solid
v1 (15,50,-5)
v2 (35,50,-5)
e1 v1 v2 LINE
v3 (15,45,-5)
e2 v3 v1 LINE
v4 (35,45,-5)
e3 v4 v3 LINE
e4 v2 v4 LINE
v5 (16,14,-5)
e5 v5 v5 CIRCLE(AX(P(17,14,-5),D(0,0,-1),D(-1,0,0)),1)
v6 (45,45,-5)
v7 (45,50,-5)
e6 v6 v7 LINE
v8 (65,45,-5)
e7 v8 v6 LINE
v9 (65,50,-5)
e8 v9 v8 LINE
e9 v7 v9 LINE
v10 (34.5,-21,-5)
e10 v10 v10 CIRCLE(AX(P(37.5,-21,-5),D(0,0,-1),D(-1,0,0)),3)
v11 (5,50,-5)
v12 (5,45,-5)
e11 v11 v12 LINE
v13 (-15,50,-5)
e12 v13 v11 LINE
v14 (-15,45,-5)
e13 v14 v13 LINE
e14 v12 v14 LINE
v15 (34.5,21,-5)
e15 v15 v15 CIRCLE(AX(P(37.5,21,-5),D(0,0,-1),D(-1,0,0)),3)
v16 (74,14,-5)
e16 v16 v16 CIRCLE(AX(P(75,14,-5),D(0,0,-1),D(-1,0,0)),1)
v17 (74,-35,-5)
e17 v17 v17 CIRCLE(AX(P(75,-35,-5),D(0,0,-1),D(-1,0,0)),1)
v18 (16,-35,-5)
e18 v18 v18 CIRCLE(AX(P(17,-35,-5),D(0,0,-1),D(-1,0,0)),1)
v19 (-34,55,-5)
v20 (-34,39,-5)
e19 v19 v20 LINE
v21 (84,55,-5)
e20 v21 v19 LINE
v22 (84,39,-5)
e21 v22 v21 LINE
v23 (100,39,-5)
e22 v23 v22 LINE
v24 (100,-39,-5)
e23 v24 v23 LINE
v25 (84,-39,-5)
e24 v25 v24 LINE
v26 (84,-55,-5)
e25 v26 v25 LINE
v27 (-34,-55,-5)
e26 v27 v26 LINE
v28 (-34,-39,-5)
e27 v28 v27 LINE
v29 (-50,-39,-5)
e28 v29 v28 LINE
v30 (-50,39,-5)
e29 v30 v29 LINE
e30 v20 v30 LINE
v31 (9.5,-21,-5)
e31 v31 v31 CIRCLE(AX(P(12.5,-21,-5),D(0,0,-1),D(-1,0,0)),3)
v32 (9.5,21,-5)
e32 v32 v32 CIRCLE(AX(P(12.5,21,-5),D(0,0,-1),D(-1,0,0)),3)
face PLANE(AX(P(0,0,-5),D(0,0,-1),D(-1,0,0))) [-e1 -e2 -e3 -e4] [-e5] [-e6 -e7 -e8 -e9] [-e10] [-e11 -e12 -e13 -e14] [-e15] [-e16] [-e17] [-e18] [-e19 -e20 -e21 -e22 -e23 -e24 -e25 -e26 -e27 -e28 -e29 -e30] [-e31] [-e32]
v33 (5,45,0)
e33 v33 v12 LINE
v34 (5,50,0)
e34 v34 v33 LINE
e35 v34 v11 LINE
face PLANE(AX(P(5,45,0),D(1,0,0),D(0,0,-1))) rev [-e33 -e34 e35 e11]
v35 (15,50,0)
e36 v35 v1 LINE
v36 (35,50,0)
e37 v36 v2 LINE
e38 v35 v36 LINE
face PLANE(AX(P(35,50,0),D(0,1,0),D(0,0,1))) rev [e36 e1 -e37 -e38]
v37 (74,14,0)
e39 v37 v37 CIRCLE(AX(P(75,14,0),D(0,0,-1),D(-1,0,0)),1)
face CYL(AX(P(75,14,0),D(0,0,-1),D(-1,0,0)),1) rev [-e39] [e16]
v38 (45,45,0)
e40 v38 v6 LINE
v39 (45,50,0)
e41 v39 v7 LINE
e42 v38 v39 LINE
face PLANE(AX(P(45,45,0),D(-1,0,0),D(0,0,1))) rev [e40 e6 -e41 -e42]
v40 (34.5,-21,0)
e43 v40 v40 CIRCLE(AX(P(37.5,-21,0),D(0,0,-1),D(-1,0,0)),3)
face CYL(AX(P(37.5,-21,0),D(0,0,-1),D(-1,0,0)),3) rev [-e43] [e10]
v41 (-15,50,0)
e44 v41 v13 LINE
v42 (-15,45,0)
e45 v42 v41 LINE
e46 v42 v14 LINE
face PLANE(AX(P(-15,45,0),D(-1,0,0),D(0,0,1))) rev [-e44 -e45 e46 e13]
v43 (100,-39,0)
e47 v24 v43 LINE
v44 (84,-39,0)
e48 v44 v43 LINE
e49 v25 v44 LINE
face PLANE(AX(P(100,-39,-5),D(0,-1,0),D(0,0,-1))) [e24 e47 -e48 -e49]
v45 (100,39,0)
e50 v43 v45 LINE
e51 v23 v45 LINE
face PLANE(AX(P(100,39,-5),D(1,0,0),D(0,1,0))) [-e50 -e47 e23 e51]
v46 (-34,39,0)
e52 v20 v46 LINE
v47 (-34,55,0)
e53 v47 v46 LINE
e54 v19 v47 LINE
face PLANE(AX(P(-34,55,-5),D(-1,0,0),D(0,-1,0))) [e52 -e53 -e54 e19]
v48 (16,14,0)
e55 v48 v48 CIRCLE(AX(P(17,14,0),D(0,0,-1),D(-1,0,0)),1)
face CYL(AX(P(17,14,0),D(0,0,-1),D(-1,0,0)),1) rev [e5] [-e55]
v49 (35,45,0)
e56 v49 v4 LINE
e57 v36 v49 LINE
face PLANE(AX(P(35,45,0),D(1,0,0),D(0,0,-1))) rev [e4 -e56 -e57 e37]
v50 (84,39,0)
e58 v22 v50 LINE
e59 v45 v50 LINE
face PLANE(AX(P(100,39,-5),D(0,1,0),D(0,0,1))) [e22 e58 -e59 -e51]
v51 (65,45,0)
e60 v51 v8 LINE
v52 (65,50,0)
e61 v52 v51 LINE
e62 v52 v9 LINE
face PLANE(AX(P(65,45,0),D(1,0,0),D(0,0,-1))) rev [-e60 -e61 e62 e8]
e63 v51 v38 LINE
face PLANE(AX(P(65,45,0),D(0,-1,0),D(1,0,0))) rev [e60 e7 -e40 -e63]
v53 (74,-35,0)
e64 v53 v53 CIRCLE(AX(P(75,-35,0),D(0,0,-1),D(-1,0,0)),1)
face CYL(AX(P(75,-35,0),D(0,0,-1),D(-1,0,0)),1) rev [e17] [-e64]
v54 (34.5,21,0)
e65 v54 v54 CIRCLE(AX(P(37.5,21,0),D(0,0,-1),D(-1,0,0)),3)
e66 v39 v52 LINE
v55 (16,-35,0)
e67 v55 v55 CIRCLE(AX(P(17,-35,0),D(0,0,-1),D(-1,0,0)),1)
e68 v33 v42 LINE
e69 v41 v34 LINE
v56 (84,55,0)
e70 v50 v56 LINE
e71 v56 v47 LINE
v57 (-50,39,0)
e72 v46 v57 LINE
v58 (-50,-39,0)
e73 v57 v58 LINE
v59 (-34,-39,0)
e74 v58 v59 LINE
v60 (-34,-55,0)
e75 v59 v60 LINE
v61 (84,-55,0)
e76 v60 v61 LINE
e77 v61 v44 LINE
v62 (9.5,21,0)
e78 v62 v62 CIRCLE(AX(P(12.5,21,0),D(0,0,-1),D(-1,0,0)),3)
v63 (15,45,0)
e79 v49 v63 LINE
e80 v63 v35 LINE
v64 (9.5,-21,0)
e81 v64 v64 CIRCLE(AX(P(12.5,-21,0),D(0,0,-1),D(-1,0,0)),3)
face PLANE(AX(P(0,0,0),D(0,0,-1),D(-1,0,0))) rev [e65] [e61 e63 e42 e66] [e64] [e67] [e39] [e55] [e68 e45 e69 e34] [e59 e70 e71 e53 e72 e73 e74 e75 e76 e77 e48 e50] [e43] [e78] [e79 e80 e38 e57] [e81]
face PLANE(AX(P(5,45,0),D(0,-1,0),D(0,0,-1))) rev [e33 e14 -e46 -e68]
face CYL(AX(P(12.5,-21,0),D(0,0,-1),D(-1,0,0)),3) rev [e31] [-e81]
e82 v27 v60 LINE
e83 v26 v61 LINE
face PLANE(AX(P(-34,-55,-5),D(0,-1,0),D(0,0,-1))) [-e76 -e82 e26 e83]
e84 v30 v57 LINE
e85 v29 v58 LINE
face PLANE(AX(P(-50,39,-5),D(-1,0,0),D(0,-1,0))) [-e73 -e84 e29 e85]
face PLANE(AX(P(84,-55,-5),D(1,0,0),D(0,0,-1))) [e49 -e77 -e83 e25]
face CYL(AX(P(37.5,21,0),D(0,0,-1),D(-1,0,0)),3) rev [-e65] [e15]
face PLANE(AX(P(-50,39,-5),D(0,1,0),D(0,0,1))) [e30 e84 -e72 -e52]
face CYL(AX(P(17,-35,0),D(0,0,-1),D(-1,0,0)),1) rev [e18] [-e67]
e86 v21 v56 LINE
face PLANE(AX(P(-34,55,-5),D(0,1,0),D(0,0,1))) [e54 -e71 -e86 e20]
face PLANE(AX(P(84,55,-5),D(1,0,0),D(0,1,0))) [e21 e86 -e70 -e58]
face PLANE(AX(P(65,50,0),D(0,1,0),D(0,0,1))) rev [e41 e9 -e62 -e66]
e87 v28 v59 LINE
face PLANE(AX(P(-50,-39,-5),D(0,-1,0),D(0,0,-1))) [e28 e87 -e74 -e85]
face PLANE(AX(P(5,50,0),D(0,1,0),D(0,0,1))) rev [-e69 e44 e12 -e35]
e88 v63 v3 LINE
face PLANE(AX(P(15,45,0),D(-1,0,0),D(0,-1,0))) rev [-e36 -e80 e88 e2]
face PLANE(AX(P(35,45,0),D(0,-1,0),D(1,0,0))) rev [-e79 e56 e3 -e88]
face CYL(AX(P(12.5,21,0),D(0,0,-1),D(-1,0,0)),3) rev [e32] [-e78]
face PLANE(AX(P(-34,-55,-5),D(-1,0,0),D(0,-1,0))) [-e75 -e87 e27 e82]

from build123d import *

# Parameters (mm, degrees)
BOSS_EXTRU_1_DEPTH      = 5
ESQUISSE2_R             = 1
ENL_V_MAT_EXTRU_1_DEPTH = 115.236596588
ESQUISSE3_R             = 3
ENL_V_MAT_EXTRU_2_DEPTH = 115.236596588
ESQUISSE4_W             = 20
ESQUISSE4_H             = 5
ENL_V_MAT_EXTRU_3_DEPTH = 115.236596588


with BuildPart() as part:
    # Esquisse1 → Boss.-Extru.1 (new body)
    with BuildSketch(Plane.XY):
        Polygon((-34, 55), (84, 55), (84, 39), (100, 39), (100, -39), (84, -39), (84, -55), (-34, -55), (-34, -39), (-50, -39), (-50, 39), (-34, 39), align=None)
    extrude(amount=-BOSS_EXTRU_1_DEPTH)

    # Esquisse2 → Enlèv. mat.-Extru.1 (cut, through all)
    with BuildSketch(Plane(origin=(0, 0, -5), x_dir=(-1, 0, 0), z_dir=(0, 0, -1))):
        with Locations((-75, -35)):
            Circle(ESQUISSE2_R)
        with Locations((-17, -35)):
            Circle(ESQUISSE2_R)
        with Locations((-75, 14)):
            Circle(ESQUISSE2_R)
        with Locations((-17, 14)):
            Circle(ESQUISSE2_R)
    extrude(amount=-ENL_V_MAT_EXTRU_1_DEPTH, mode=Mode.SUBTRACT)

    # Esquisse3 → Enlèv. mat.-Extru.2 (cut, through all)
    with BuildSketch(Plane(origin=(0, 0, -5), x_dir=(-1, 0, 0), z_dir=(0, 0, -1))):
        with Locations((-37.5, -21)):
            Circle(ESQUISSE3_R)
        with Locations((-37.5, 21)):
            Circle(ESQUISSE3_R)
        with Locations((-12.5, 21)):
            Circle(ESQUISSE3_R)
        with Locations((-12.5, -21)):
            Circle(ESQUISSE3_R)
    extrude(amount=-ENL_V_MAT_EXTRU_2_DEPTH, mode=Mode.SUBTRACT)

    # Esquisse4 → Enlèv. mat.-Extru.3 (cut, through all)
    with BuildSketch(Plane(origin=(0, 0, -5), x_dir=(-1, 0, 0), z_dir=(0, 0, -1))):
        with Locations((-55, 47.5)):
            Rectangle(ESQUISSE4_W, ESQUISSE4_H)
        with Locations((-25, 47.5)):
            Rectangle(ESQUISSE4_W, ESQUISSE4_H)
        with Locations((5, 47.5)):
            Rectangle(ESQUISSE4_W, ESQUISSE4_H)
    extrude(amount=-ENL_V_MAT_EXTRU_3_DEPTH, mode=Mode.SUBTRACT)


solid = part.part
